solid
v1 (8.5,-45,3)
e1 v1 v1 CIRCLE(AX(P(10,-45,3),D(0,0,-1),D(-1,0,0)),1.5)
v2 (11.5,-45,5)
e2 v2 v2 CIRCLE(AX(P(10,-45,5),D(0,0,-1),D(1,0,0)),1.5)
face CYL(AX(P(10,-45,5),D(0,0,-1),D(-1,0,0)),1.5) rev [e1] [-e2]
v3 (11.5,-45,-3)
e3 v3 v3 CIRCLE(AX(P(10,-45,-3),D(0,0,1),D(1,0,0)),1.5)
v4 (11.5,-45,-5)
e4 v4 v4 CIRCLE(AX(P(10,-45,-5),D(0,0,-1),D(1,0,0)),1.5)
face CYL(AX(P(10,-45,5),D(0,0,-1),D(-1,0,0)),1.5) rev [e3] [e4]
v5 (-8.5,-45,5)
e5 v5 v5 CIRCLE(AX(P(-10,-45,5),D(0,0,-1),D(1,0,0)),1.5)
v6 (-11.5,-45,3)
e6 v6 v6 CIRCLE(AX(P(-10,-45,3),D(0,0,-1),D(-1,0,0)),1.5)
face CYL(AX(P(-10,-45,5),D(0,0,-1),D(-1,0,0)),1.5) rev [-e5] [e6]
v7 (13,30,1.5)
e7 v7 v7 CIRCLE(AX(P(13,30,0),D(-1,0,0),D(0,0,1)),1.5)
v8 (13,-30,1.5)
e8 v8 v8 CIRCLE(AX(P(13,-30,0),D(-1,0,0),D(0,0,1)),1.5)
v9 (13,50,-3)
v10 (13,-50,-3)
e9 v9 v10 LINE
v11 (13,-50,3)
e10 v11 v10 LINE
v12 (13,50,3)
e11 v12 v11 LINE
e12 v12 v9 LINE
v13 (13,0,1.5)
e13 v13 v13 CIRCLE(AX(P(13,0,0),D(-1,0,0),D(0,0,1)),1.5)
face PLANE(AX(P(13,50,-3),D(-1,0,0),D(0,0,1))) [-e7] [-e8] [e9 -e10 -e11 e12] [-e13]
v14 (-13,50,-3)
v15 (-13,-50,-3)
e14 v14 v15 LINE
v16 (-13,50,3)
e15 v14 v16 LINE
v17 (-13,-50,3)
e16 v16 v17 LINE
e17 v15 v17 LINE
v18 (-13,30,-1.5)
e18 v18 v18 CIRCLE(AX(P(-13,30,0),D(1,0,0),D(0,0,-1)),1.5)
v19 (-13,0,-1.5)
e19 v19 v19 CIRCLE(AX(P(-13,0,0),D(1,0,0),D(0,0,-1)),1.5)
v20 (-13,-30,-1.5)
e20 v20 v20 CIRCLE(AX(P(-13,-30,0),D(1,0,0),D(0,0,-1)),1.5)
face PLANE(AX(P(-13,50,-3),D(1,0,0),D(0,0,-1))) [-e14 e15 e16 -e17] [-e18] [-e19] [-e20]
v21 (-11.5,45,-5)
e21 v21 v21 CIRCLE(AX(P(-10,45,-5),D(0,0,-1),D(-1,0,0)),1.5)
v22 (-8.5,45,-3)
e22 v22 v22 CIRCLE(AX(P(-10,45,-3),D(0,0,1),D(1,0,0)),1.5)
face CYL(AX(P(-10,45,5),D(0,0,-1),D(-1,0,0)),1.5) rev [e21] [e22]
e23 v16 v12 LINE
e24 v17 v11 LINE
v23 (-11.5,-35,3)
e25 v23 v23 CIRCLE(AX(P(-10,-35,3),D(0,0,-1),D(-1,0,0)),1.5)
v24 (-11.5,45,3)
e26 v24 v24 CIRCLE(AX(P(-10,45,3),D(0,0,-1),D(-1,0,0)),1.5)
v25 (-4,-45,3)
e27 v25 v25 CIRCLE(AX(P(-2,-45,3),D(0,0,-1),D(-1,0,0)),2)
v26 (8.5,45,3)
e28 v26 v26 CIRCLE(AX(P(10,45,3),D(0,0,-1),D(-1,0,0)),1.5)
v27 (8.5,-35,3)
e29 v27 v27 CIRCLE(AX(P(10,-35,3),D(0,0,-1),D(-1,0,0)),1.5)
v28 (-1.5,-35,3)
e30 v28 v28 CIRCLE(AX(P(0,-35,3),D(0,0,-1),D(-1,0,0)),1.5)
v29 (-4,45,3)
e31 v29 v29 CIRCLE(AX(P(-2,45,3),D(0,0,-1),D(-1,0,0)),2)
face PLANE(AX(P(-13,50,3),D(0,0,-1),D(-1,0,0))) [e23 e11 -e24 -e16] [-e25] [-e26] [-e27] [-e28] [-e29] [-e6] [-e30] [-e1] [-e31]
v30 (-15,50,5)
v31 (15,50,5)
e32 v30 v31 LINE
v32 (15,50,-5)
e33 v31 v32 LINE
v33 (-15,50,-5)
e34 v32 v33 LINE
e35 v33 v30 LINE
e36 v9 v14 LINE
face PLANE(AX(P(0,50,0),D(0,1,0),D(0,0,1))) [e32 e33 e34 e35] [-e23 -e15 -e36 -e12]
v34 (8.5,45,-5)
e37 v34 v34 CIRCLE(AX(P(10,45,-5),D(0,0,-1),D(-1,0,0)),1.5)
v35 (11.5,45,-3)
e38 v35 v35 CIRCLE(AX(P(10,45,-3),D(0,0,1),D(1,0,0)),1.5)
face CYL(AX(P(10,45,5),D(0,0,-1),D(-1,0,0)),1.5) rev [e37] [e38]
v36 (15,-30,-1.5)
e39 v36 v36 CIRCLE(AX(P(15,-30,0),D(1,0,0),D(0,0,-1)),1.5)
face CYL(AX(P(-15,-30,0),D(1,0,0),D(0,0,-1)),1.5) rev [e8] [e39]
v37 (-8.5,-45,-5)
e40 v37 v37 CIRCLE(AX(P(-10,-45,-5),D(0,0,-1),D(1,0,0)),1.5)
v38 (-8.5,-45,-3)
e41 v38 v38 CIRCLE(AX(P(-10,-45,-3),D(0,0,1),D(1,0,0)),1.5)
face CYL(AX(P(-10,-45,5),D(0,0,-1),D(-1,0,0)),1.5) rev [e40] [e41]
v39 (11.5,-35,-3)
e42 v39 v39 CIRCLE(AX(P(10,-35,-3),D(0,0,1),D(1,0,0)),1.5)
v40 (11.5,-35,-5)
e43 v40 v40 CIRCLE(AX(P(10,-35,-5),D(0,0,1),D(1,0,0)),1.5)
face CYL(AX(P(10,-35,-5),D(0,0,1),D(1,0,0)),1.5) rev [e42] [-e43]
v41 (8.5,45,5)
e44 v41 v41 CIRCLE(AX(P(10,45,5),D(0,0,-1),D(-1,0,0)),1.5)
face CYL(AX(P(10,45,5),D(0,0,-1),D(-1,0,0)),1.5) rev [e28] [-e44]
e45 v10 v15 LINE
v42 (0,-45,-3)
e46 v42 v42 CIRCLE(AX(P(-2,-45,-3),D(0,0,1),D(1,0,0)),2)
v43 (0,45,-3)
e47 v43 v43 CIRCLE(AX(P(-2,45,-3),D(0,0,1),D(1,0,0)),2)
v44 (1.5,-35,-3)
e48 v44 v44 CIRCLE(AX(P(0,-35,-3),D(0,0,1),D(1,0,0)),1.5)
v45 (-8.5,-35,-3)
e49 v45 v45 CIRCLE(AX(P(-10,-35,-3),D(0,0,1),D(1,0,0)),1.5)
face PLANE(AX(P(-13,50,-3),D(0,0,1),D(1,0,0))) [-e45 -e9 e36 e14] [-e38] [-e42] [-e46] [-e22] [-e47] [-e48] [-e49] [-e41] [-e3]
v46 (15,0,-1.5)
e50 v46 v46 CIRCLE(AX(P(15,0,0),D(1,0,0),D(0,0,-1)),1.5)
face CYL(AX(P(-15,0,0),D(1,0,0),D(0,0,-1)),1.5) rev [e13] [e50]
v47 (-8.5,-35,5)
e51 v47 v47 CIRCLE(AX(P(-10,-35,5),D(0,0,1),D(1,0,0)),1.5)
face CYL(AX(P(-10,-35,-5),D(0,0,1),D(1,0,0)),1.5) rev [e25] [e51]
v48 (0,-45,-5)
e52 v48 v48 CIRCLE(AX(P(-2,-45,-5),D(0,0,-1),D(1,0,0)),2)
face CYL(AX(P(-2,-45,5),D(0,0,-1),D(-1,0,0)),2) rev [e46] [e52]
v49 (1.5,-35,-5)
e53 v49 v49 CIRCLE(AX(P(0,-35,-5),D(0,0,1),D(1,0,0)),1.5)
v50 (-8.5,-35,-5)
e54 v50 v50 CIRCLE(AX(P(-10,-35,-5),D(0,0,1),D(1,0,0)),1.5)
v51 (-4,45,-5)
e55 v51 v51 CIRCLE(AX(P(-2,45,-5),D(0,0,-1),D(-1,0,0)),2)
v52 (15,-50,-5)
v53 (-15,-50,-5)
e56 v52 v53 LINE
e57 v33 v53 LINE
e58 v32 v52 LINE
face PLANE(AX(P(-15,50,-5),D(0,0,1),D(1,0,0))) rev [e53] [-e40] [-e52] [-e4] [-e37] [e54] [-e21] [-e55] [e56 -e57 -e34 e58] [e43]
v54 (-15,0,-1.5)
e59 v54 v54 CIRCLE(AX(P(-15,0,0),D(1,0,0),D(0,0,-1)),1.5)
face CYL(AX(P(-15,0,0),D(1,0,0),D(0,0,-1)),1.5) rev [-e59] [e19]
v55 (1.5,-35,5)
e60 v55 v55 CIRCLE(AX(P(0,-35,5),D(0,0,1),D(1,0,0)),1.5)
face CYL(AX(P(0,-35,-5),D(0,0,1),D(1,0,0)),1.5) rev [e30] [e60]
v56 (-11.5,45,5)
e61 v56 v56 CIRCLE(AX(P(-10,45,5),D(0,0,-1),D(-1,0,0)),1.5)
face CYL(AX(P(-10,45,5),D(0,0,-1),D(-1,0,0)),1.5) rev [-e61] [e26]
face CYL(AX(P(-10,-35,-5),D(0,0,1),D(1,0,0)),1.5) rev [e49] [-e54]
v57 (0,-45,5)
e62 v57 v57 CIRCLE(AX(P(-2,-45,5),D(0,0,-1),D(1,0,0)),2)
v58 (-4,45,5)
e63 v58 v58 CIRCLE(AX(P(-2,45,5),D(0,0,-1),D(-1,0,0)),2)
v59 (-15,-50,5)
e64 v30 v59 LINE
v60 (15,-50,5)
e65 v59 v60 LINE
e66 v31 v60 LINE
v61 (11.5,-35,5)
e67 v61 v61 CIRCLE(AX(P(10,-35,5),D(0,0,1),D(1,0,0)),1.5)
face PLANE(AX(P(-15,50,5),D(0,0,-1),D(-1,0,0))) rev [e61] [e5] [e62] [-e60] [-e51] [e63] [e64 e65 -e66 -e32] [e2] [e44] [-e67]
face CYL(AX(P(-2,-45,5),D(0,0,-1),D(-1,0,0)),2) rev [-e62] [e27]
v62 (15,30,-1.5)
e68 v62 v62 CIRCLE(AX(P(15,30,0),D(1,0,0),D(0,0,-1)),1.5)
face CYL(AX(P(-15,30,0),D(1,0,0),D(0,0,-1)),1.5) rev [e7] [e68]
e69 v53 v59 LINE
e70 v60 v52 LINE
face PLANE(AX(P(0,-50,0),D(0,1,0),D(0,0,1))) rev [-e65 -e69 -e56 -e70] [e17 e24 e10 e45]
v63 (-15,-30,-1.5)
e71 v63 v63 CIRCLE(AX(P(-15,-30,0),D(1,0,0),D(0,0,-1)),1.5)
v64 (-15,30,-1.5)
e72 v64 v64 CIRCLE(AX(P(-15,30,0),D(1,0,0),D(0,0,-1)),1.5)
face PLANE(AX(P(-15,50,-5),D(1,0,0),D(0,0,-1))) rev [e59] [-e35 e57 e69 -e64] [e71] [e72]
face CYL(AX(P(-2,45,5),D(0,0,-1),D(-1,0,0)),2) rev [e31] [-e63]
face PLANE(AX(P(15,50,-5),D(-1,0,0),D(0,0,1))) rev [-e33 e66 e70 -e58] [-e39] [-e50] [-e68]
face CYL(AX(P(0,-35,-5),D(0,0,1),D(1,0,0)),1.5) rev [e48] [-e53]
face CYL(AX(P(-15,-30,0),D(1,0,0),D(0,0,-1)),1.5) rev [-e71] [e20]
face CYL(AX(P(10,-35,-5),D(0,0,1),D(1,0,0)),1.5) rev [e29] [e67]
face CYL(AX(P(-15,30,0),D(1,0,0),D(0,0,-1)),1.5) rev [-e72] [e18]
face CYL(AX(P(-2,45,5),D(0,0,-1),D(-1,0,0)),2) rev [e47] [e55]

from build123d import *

# Parameters (mm, degrees)
SKETCH_1_W          = 30
SKETCH_1_H          = 10
SKETCH_1_W_2        = 26
SKETCH_1_H_2        = 6
EXTRUDE_1_DEPTH     = 50
SKETCH_2_R          = 2
SKETCH_2_R_2        = 1.5
CUT_EXTRUDE_1_DEPTH = 54.150729064
SKETCH_3_R          = 1.5
CUT_EXTRUDE_2_DEPTH = 54.150729064
SKETCH_4_R          = 1.5
CUT_EXTRUDE_3_DEPTH = 59.523499554


with BuildPart() as part:
    # 草图1 → 凸台-拉伸1 (new, symmetric)
    with BuildSketch(Plane(origin=(0, 0, 0), x_dir=(1, 0, 0), z_dir=(0, 1, 0))):
        Rectangle(SKETCH_1_W, SKETCH_1_H)
        Rectangle(SKETCH_1_W_2, SKETCH_1_H_2, mode=Mode.SUBTRACT)
    extrude(amount=EXTRUDE_1_DEPTH, both=True)

    # 草图2 → 切除-拉伸1 (cut, through all)
    with BuildSketch(Plane(origin=(0, 0, -5), x_dir=(-1, 0, 0), z_dir=(0, 0, -1))):
        with Locations((2, 45)):
            Circle(SKETCH_2_R)
        with Locations((10, 45)):
            Circle(SKETCH_2_R_2)
        with Locations((-10, 45)):
            Circle(SKETCH_2_R_2)
        with Locations((-10, -45)):
            Circle(SKETCH_2_R_2)
        with Locations((2, -45)):
            Circle(SKETCH_2_R)
        with Locations((10, -45)):
            Circle(SKETCH_2_R_2)
    extrude(amount=-CUT_EXTRUDE_1_DEPTH, mode=Mode.SUBTRACT)

    # 草图3 → 切除-拉伸2 (cut, through all)
    with BuildSketch(Plane.XY.offset(5)):
        with Locations((0, -35)):
            Circle(SKETCH_3_R)
        with Locations((10, -35)):
            Circle(SKETCH_3_R)
        with Locations((-10, -35)):
            Circle(SKETCH_3_R)
    extrude(amount=-CUT_EXTRUDE_2_DEPTH, mode=Mode.SUBTRACT)

    # 草图4 → 切除-拉伸3 (cut, through all)
    with BuildSketch(Plane(origin=(15, 0, 0), x_dir=(0, 0, -1), z_dir=(1, 0, 0))):
        with Locations((0, 30)):
            Circle(SKETCH_4_R)
        Circle(SKETCH_4_R)
        with Locations((0, -30)):
            Circle(SKETCH_4_R)
    extrude(amount=-CUT_EXTRUDE_3_DEPTH, mode=Mode.SUBTRACT)


solid = part.part
